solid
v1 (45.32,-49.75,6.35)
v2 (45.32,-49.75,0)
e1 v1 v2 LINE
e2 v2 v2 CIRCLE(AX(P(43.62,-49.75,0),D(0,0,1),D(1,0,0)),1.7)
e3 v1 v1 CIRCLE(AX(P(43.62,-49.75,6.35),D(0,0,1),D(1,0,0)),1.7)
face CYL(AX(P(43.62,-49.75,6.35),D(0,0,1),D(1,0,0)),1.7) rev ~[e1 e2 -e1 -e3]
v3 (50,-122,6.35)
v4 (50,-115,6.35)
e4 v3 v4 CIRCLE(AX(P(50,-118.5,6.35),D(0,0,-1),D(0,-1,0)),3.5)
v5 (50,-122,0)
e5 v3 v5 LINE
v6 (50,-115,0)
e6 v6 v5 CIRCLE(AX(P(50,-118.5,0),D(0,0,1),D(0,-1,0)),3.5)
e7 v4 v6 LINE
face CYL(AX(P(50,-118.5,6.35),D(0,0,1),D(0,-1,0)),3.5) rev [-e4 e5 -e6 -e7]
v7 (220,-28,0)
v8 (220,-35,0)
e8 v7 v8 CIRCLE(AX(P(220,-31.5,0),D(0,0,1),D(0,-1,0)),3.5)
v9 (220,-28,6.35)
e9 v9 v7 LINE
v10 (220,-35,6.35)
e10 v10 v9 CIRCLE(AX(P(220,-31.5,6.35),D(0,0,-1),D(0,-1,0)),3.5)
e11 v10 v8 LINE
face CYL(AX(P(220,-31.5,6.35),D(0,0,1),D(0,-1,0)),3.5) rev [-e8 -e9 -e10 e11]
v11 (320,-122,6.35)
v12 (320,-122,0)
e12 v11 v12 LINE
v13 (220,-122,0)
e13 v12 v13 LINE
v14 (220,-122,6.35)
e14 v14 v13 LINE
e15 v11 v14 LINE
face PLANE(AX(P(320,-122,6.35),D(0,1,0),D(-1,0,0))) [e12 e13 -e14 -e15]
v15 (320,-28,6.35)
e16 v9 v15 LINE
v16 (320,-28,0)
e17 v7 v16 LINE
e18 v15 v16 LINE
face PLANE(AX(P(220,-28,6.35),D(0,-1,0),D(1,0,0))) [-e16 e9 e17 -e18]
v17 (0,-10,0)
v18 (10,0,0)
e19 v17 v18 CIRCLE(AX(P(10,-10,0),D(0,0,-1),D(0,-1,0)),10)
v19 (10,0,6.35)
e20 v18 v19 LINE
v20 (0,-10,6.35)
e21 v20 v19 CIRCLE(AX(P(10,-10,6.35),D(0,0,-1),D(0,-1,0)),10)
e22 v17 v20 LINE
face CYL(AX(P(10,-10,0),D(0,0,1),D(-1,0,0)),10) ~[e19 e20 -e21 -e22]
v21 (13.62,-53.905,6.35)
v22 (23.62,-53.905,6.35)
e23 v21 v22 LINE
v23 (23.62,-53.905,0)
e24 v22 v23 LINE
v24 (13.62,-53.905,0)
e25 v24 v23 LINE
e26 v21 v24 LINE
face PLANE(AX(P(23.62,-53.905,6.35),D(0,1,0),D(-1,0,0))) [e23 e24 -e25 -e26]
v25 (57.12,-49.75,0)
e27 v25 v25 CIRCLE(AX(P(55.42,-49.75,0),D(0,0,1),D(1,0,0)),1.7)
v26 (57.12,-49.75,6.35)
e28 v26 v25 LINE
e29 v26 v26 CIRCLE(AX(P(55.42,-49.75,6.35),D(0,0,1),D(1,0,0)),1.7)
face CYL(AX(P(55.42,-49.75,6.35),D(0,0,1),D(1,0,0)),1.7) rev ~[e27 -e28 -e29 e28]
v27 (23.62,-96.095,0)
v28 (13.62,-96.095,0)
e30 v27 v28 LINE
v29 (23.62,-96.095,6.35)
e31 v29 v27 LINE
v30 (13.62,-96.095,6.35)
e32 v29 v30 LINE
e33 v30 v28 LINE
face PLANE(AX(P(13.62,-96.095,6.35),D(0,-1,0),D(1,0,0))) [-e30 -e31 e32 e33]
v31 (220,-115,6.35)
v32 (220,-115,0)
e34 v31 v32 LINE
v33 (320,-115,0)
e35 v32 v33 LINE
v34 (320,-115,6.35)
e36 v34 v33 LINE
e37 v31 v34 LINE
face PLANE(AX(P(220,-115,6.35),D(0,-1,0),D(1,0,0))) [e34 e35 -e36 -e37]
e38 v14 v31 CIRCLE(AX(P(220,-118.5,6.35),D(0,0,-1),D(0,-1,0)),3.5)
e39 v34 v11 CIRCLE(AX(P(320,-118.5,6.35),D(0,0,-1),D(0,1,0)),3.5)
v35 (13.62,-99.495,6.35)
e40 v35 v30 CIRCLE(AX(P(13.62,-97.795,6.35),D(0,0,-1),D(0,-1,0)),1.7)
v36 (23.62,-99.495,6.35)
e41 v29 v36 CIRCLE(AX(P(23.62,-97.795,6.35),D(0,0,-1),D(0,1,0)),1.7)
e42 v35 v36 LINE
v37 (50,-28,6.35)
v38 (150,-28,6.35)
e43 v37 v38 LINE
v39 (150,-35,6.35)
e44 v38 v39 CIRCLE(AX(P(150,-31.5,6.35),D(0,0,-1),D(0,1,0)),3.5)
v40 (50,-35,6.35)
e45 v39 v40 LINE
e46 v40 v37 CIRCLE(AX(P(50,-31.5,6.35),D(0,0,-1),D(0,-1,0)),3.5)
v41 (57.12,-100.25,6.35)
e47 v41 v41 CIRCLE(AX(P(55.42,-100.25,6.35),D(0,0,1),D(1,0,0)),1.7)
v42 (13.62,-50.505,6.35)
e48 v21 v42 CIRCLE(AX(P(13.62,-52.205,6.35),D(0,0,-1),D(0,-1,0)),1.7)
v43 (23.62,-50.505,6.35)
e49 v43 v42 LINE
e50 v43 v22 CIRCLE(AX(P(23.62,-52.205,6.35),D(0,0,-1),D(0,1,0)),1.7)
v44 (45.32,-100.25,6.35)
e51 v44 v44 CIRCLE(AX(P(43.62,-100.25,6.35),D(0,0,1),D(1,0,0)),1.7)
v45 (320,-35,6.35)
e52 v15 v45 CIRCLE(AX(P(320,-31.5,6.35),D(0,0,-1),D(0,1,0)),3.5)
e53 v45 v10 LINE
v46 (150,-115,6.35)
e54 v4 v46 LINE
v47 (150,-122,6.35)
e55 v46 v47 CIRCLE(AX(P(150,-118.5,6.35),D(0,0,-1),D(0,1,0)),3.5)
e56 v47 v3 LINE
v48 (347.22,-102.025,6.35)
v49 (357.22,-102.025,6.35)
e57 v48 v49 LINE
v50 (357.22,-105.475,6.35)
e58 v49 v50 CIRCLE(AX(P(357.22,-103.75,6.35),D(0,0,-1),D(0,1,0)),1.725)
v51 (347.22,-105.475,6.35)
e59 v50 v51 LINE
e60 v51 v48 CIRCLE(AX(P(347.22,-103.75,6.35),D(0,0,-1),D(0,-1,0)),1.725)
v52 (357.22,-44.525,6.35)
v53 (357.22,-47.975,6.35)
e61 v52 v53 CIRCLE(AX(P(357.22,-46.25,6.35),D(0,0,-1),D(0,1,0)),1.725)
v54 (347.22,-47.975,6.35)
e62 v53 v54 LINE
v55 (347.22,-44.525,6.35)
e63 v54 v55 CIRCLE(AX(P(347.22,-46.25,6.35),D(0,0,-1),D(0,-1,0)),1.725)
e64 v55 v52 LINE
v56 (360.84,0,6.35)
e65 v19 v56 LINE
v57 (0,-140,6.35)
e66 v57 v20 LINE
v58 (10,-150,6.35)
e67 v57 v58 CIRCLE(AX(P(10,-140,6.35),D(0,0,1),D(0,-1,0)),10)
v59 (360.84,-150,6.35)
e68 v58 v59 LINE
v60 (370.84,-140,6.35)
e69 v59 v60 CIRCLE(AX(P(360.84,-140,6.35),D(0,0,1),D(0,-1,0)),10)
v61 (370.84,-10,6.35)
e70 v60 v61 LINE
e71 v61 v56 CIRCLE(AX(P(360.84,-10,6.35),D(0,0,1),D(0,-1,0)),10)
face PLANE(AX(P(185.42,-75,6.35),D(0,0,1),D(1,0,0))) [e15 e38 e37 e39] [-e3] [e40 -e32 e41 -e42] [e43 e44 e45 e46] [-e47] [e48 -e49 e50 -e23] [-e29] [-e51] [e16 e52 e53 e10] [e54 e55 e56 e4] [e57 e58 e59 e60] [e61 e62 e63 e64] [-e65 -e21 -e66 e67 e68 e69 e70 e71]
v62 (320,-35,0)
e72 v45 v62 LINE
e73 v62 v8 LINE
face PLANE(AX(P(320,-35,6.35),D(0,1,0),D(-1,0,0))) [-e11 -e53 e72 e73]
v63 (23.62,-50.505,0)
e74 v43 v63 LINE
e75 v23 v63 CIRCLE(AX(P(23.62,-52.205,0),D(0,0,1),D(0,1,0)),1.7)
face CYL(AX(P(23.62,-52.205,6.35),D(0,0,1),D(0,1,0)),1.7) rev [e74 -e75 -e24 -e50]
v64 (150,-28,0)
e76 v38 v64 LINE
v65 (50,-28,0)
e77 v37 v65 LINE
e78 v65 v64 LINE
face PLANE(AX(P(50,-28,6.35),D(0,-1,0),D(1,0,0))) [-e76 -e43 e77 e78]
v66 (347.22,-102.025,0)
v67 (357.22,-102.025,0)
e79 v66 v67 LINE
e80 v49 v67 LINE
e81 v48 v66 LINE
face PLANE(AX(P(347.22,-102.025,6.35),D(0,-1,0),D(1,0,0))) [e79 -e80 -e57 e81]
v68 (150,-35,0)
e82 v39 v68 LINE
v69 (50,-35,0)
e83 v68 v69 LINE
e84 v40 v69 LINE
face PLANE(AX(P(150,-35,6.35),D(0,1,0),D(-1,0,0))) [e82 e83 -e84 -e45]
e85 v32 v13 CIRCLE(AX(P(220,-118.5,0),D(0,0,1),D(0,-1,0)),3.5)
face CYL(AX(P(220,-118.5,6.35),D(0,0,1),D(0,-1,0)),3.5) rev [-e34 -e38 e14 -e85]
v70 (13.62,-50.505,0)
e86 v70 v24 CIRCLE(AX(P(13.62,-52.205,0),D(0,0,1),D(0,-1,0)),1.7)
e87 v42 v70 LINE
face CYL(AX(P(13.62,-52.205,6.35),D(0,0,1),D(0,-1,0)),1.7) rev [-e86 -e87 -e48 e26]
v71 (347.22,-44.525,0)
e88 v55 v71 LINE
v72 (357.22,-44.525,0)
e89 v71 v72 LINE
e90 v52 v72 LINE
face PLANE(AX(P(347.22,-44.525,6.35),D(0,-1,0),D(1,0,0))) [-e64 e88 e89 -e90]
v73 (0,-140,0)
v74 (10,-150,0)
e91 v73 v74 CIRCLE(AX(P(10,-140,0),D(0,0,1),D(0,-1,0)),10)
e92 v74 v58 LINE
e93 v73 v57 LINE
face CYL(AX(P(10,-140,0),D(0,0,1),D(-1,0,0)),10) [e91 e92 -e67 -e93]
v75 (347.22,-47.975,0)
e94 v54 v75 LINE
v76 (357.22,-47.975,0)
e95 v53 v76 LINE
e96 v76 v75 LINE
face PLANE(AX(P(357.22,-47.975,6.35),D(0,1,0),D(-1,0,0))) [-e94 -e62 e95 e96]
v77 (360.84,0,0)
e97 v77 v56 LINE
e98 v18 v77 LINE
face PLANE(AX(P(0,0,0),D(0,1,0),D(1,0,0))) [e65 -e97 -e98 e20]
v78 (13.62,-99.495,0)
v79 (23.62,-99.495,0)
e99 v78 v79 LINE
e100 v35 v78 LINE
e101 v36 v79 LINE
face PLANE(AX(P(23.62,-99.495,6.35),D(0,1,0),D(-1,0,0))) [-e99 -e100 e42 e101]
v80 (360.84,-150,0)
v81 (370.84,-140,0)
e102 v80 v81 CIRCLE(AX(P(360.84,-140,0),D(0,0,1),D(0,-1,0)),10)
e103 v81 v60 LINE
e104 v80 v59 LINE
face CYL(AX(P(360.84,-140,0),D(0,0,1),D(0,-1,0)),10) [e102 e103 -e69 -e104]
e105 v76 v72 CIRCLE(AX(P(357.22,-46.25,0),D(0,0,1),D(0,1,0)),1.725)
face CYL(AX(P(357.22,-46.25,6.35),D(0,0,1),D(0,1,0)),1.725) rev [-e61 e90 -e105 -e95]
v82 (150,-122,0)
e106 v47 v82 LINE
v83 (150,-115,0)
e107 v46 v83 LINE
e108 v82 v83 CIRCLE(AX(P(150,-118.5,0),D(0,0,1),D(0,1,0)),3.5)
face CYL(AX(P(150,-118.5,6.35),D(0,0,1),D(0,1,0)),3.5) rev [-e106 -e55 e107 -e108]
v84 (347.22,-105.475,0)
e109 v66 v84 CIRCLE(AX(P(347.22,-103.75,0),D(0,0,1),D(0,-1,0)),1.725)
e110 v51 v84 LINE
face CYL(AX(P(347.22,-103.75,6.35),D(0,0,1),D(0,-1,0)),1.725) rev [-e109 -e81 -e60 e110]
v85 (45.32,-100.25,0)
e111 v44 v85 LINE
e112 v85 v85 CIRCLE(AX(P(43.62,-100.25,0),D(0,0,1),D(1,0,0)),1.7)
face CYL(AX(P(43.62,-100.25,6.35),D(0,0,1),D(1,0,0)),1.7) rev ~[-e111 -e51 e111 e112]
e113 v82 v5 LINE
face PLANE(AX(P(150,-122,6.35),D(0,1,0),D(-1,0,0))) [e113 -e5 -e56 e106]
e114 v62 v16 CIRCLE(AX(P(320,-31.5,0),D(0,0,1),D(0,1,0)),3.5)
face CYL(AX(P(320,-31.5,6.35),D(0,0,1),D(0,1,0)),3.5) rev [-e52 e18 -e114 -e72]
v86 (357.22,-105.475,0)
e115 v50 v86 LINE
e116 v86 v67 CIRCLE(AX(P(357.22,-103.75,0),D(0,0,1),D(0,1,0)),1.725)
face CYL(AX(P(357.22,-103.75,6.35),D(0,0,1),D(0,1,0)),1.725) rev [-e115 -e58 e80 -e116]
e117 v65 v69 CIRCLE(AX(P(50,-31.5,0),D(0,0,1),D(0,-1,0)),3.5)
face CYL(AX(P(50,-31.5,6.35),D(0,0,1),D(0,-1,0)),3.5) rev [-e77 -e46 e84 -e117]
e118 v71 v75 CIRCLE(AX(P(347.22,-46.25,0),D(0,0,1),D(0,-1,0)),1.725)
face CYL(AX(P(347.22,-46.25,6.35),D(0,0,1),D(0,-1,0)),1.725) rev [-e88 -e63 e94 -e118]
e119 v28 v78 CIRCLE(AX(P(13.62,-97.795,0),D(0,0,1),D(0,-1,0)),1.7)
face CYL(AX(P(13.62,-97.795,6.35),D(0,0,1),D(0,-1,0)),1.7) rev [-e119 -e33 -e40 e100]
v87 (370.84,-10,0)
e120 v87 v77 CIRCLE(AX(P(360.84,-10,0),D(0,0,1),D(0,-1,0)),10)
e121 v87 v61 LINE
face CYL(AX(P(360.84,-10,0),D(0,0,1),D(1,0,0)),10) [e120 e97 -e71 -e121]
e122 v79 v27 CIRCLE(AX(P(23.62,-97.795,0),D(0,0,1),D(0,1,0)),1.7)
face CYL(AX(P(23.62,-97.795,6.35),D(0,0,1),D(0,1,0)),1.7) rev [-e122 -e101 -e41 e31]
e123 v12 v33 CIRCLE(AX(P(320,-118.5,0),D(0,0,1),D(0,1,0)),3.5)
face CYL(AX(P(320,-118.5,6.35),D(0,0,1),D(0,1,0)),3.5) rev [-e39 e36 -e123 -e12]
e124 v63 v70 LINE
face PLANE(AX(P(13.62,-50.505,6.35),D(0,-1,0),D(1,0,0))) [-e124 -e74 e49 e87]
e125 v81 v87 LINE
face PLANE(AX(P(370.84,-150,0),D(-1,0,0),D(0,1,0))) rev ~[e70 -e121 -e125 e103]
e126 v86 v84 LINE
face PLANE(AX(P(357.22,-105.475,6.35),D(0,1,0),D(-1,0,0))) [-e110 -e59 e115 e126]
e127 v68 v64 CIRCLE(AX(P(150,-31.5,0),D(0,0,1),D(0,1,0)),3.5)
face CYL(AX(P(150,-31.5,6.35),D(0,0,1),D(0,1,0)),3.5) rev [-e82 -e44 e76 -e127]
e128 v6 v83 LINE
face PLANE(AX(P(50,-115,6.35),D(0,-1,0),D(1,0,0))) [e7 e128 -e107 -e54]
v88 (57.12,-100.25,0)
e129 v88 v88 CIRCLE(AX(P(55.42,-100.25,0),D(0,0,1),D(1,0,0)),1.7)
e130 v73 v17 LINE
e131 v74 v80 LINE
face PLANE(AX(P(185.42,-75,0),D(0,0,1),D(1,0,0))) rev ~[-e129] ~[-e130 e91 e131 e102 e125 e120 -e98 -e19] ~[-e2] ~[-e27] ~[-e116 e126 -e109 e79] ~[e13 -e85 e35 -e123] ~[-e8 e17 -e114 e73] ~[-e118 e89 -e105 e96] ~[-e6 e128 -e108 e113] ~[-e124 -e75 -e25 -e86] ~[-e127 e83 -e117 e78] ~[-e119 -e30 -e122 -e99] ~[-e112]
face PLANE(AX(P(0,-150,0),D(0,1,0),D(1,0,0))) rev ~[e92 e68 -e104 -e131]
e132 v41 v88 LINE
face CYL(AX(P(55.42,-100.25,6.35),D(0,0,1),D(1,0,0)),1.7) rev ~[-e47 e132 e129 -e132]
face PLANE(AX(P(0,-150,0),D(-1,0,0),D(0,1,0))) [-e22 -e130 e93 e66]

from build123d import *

# Parameters (mm, degrees)
SKETCH1_W           = 370.84
SKETCH1_H           = 150
BOSS_EXTRUDE1_DEPTH = 6.35
FILLET3_R           = 10
FILLET4_R           = 10
FILLET5_R           = 10
FILLET6_R           = 10
SKETCH3_R           = 1.7
CUT_EXTRUDE1_DEPTH  = 10
CUT_EXTRUDE2_DEPTH  = 10
SKETCH6_R           = 1.7
CUT_EXTRUDE3_DEPTH  = 7.35


with BuildPart() as part:
    # Sketch1 → Boss-Extrude1 (new body)
    with BuildSketch(Plane.XY):
        with Locations((185.42, -75)):
            Rectangle(SKETCH1_W, SKETCH1_H)
    extrude(amount=BOSS_EXTRUDE1_DEPTH)

    # Fillet3
    fillet3_edges = [part.edges().sort_by_distance(p)[0] for p in [
        (0, 0, 3.175),
    ]]
    fillet(fillet3_edges, radius=FILLET3_R)

    # Fillet4
    fillet4_edges = [part.edges().sort_by_distance(p)[0] for p in [
        (0, -150, 3.175),
    ]]
    fillet(fillet4_edges, radius=FILLET4_R)

    # Fillet5
    fillet5_edges = [part.edges().sort_by_distance(p)[0] for p in [
        (370.84, -150, 3.175),
    ]]
    fillet(fillet5_edges, radius=FILLET5_R)

    # Fillet6
    fillet6_edges = [part.edges().sort_by_distance(p)[0] for p in [
        (370.84, 0, 3.175),
    ]]
    fillet(fillet6_edges, radius=FILLET6_R)

    # Sketch3 → Cut-Extrude1 (cut)
    with BuildSketch(Plane.XY.offset(6.35)):
        with Locations((18.62, -52.205)):
            Circle(SKETCH3_R)
        with Locations((18.62, -97.795)):
            Circle(SKETCH3_R)
        with Locations((352.22, -103.75)):
            Circle(SKETCH3_R)
        with Locations((352.22, -46.25)):
            Circle(SKETCH3_R)
    extrude(amount=-CUT_EXTRUDE1_DEPTH, mode=Mode.SUBTRACT)

    # Sketch4 → Cut-Extrude2 (cut)
    with BuildSketch(Plane.XY.offset(6.35)):
        with BuildLine():
            Line((50, -28), (150, -28))
            ThreePointArc((150, -28), (153.5, -31.5), (150, -35))
            Line((150, -35), (50, -35))
            ThreePointArc((50, -35), (46.5, -31.5), (50, -28))
        make_face()
        with BuildLine():
            Line((220, -28), (320, -28))
            ThreePointArc((320, -28), (323.5, -31.5), (320, -35))
            Line((320, -35), (220, -35))
            ThreePointArc((220, -35), (216.5, -31.5), (220, -28))
        make_face()
        with BuildLine():
            Line((50, -115), (150, -115))
            ThreePointArc((150, -115), (153.5, -118.5), (150, -122))
            Line((150, -122), (50, -122))
            ThreePointArc((50, -122), (46.5, -118.5), (50, -115))
        make_face()
        with BuildLine():
            Line((220, -115), (320, -115))
            ThreePointArc((320, -115), (323.5, -118.5), (320, -122))
            Line((320, -122), (220, -122))
            ThreePointArc((220, -122), (216.5, -118.5), (220, -115))
        make_face()
    extrude(amount=-CUT_EXTRUDE2_DEPTH, mode=Mode.SUBTRACT)

    # Sketch6 → Cut-Extrude3 (cut, through all)
    with BuildSketch(Plane.XY.offset(6.35)):
        with Locations((43.62, -49.75)):
            Circle(SKETCH6_R)
        with Locations((43.62, -100.25)):
            Circle(SKETCH6_R)
        with Locations((55.42, -49.75)):
            Circle(SKETCH6_R)
        with Locations((55.42, -100.25)):
            Circle(SKETCH6_R)
        with BuildLine():
            Line((13.62, -50.505), (23.62, -50.505))
            ThreePointArc((23.62, -50.505), (25.32, -52.205), (23.62, -53.905))
            Line((23.62, -53.905), (13.62, -53.905))
            ThreePointArc((13.62, -53.905), (11.92, -52.205), (13.62, -50.505))
        make_face()
        with BuildLine():
            Line((13.62, -96.095), (23.62, -96.095))
            ThreePointArc((23.62, -96.095), (25.32, -97.795), (23.62, -99.495))
            Line((23.62, -99.495), (13.62, -99.495))
            ThreePointArc((13.62, -99.495), (11.92, -97.795), (13.62, -96.095))
        make_face()
        with BuildLine():
            Line((347.22, -44.525), (357.22, -44.525))
            ThreePointArc((357.22, -44.525), (358.945, -46.25), (357.22, -47.975))
            Line((357.22, -47.975), (347.22, -47.975))
            ThreePointArc((347.22, -47.975), (345.495, -46.25), (347.22, -44.525))
        make_face()
        with BuildLine():
            Line((347.22, -102.025), (357.22, -102.025))
            ThreePointArc((357.22, -102.025), (358.945, -103.75), (357.22, -105.475))
            Line((357.22, -105.475), (347.22, -105.475))
            ThreePointArc((347.22, -105.475), (345.495, -103.75), (347.22, -102.025))
        make_face()
    extrude(amount=-CUT_EXTRUDE3_DEPTH, mode=Mode.SUBTRACT)


solid = part.part
